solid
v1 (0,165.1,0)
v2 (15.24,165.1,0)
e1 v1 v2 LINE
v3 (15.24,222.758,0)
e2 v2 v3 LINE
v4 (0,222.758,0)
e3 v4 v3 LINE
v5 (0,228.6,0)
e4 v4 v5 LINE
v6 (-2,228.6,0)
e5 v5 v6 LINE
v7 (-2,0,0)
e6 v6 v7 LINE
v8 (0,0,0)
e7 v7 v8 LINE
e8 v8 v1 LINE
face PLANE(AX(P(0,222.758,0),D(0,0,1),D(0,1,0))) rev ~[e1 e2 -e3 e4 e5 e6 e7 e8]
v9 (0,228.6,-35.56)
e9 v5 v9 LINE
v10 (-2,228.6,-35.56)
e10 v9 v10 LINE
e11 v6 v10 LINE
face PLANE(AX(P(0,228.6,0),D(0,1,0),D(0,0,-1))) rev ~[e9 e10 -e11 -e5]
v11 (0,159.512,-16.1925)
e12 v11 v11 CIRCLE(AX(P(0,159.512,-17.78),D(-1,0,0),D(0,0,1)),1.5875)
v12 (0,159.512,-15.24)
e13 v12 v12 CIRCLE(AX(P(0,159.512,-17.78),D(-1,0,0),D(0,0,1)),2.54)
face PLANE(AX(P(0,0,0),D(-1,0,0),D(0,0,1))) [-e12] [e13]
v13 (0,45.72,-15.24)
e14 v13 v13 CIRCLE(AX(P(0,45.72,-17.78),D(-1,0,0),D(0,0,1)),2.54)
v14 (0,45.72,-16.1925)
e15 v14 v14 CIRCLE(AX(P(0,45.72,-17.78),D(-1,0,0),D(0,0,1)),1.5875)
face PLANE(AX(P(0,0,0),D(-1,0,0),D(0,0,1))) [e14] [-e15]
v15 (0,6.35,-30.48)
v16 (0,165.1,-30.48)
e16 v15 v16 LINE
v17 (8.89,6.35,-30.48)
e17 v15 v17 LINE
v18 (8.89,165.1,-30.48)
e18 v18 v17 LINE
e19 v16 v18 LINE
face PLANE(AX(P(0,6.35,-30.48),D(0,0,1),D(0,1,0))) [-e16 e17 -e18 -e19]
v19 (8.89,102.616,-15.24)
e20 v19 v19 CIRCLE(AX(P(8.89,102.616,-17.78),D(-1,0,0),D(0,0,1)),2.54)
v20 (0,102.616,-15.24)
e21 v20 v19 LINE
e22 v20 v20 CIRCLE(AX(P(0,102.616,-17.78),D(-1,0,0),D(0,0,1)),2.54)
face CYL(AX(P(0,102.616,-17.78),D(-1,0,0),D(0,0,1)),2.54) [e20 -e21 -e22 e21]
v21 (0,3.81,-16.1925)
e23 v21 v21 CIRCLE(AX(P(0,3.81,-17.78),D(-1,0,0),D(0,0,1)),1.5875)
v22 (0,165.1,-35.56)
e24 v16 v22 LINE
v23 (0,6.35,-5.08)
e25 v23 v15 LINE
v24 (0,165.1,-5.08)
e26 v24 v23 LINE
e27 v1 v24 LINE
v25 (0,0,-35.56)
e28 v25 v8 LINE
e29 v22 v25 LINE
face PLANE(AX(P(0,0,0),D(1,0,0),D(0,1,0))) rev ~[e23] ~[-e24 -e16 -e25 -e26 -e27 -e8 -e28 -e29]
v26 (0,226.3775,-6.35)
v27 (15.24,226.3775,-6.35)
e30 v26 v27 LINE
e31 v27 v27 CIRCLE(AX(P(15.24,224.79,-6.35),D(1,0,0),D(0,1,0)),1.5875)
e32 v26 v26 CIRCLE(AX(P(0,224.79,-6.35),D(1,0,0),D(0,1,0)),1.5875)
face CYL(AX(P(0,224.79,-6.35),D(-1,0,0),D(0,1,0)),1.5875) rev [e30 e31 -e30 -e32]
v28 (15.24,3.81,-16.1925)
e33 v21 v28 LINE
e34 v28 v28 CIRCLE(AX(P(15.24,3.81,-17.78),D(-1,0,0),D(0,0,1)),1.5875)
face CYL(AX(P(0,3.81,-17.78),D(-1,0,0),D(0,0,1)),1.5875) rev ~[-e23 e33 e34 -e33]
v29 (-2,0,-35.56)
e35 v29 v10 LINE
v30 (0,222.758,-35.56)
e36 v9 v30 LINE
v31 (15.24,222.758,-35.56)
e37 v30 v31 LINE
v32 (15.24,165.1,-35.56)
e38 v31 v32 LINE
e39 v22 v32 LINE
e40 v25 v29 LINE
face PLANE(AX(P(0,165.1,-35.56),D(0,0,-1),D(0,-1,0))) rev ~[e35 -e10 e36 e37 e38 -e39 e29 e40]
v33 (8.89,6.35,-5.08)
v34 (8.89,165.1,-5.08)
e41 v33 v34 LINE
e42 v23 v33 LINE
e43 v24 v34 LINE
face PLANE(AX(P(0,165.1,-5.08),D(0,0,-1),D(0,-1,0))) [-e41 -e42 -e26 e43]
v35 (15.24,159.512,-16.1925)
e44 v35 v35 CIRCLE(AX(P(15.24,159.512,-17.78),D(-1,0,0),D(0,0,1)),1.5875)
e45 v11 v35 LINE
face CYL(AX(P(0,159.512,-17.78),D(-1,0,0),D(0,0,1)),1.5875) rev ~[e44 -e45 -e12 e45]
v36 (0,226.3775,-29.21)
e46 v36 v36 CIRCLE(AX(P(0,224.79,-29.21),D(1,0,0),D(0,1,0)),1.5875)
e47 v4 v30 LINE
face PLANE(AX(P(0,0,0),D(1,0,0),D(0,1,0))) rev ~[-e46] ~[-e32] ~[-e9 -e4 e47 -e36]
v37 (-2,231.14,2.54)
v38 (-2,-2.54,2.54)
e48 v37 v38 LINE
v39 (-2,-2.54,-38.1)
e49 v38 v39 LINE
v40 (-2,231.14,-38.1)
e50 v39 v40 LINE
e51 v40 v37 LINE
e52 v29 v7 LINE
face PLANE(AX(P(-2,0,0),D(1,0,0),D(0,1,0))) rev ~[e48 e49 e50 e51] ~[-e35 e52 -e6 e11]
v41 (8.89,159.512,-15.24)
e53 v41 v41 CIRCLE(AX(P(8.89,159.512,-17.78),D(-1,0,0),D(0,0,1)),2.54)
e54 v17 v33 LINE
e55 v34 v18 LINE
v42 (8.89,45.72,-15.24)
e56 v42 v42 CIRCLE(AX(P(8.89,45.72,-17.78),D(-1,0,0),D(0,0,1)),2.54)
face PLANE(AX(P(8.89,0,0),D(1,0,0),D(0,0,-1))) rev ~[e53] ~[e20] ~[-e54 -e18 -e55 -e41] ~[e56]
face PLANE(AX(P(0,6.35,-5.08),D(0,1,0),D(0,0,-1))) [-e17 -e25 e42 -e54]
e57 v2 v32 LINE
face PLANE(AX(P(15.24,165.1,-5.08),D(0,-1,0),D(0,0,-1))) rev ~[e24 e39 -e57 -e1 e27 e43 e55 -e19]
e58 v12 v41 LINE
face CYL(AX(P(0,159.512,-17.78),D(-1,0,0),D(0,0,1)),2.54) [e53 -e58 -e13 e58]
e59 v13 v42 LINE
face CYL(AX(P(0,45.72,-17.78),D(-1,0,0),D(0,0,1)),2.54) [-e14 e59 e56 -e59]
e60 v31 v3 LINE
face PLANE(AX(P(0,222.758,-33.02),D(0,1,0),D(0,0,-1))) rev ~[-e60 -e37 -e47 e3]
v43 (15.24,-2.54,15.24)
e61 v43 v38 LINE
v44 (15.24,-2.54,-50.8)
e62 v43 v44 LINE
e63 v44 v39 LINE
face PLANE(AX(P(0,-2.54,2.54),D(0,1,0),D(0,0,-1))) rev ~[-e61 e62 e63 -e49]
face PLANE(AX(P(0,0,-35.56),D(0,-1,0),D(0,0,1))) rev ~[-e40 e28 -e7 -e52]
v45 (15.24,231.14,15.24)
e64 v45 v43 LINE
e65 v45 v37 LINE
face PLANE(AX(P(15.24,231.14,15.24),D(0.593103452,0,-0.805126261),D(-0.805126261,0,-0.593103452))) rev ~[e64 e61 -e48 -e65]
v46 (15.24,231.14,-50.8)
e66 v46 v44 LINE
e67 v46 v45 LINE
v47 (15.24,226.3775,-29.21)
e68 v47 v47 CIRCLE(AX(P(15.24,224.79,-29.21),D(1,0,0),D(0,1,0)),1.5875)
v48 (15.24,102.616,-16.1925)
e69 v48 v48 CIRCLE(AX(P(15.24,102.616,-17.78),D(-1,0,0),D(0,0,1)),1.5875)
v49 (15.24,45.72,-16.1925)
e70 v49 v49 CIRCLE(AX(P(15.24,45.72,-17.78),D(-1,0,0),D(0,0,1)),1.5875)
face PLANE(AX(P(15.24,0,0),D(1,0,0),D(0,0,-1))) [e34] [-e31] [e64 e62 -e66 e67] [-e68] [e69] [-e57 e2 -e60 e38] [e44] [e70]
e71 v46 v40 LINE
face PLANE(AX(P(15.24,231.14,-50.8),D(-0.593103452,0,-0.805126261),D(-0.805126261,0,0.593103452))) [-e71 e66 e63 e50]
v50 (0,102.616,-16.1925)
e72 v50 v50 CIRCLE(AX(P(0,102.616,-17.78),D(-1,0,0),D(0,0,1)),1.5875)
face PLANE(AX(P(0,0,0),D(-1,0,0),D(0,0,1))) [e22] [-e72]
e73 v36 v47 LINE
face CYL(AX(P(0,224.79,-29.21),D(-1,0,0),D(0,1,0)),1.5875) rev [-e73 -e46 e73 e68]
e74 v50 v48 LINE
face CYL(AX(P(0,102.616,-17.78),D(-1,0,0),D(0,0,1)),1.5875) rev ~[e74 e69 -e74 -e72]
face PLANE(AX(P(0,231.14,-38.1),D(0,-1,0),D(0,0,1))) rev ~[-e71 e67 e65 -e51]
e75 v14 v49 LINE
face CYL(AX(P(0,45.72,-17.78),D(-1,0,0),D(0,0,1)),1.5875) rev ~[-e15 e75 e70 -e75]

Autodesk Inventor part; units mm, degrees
ref_plane "YZ Plane" through (0, 0, 0) normal (1, 0, 0) x (0, 1, 0)
ref_plane "XZ Plane" through (0, 0, 0) normal (0, 1, 0) x (-1, 0, 0)
ref_plane "XY Plane" through (0, 0, 0) normal (0, 0, 1) x (1, 0, 0)
sketch "Sketch1" plane through (0, 0, 0) normal (1, 0, 0) x (0, 1, 0)
  line L0 (0, 0) -> (228.6, 0)
  line L1 (228.6, 0) -> (228.6, -35.56)
  line L2 (228.6, -35.56) -> (0, -35.56)
  line L3 (0, -35.56) -> (0, 0)
  line L4 (228.6, 0) -> (222.758, 0)
  line L5 (222.758, 0) -> (222.758, -35.56)
  line L6 (222.758, -35.56) -> (228.6, -35.56)
  line L7 (228.6, -35.56) -> (228.6, 0)
  circle A0 centre (224.79, -6.35) radius 1.5875
  circle A1 centre (224.79, -29.21) radius 1.5875
  line L8 (222.758, 0) -> (0, 0)
  line L9 (165.1, -5.08) -> (6.35, -5.08)
  line L10 (6.35, -5.08) -> (6.35, -30.48)
  line L11 (6.35, -30.48) -> (165.1, -30.48)
  line L12 (222.758, -33.02) -> (222.758, -2.54)
  line L13 (165.1, 0) -> (165.1, -35.56)
  line L14 (231.14, 2.54) -> (-2.54, 2.54)
  line L15 (-2.54, 2.54) -> (-2.54, -38.1)
  line L16 (-2.54, -38.1) -> (231.14, -38.1)
  line L17 (231.14, -38.1) -> (231.14, 2.54)
  point P0 (110.998, 0)
  point P1 (228.6, -17.78)
  dimension "d0" = 228.6
  dimension "d1" = 35.56
  dimension "d2" = 5.842
  dimension "d3" = 3.175
  dimension "d4" = 3.175
  dimension "d5" = 3.81
  dimension "d6" = 6.35
  dimension "d7" = 3.81
  dimension "d8" = 6.35
  dimension "d14" = 5.08
  dimension "d15" = 5.08
  dimension "d16" = 6.35
  dimension "d17" = 0
  dimension "d18" = 63.5
  dimension "d19" = 2.54
  dimension "d20" = 2.54
  dimension "d21" = 2.54
  dimension "d22" = 2.54
extrude "Extrusion1" add sketch "Sketch1" along normal blind 15.24 contours L0 L13 L9 L10 L11 L2 L3 | L0 L1 L2 L5
extrude "Extrusion2" add sketch "Sketch1" along normal blind 15.24 and the other way blind 2 contours L17 L16 L15 L14
sketch "Sketch2" plane through (15.24, 0, 0) normal (1, 0, 0) x (0, 0, -1)
  line L0 (5.08, 6.35) -> (5.08, 165.1) projected
  line L1 (30.48, 165.1) -> (30.48, 6.35) projected
  line L2 (30.48, 6.35) -> (5.08, 6.35) projected
  line L3 (5.08, 165.1) -> (30.48, 165.1)
  point P0 (0, 0)
extrude "Extrusion3" add sketch "Sketch2" against normal blind 6.35
sketch "Sketch3" plane through (0, 0, 0) normal (-1, 0, 0) x (0, 0, 1)
  circle A0 centre (-17.78, 45.72) radius 2.54
  circle A1 centre (-17.78, 45.72) radius 1.5875
  line L0 (0, 228.6) -> (0, 0) projected
  line L1 (0, 0) -> (-35.56, 0) projected
  circle A2 centre (-17.78, 102.616) radius 2.54
  circle A3 centre (-17.78, 102.616) radius 1.5875
  circle A4 centre (-17.78, 159.512) radius 2.54
  circle A5 centre (-17.78, 159.512) radius 1.5875
  circle A6 centre (-17.78, 3.81) radius 1.5875
  dimension "d29" = 5.08
  dimension "d30" = 3.175
  dimension "d31" = 17.78
  dimension "d32" = 45.72
  dimension "d33" = 5.08
  dimension "d34" = 3.175
  dimension "d35" = 102.616
  dimension "d36" = 5.08
  dimension "d37" = 3.175
  dimension "d38" = 159.512
  dimension "d39" = 17.78
  dimension "d40" = 17.78
  dimension "d42" = 3.175
extrude "Extrusion4" add sketch "Sketch3" against normal up to surface (8.89 mm away) contours A0 | A2 | A4
extrude "Extrusion5" cut sketch "Sketch3" against normal through all contours A1 | A3 | A5 | A6
sketch "Sketch4" plane through (-2, 231.14, 2.54) normal (0, 1, 0) x (1, 0, 0)
  line L0 (17.24, 40.64) -> (17.24, 0) projected
  line L1 (17.24, 0) -> (17.24, -12.7)
  line L2 (17.24, -12.7) -> (0, 0)
  line L3 (17.24, 40.64) -> (17.24, 53.34)
  line L4 (0, 40.64) -> (17.24, 40.64) projected
  line L5 (17.24, 53.34) -> (0, 40.64)
  line L6 (0, 0) -> (17.24, 0) projected
  point P0 (2, 2.54)
  dimension "d48" = 12.7
  dimension "d49" = 12.7
extrude "Extrusion6" add sketch "Sketch4" against normal up to surface (233.68 mm away)
properties part number "Fullenss sensor v3.1 holder"
